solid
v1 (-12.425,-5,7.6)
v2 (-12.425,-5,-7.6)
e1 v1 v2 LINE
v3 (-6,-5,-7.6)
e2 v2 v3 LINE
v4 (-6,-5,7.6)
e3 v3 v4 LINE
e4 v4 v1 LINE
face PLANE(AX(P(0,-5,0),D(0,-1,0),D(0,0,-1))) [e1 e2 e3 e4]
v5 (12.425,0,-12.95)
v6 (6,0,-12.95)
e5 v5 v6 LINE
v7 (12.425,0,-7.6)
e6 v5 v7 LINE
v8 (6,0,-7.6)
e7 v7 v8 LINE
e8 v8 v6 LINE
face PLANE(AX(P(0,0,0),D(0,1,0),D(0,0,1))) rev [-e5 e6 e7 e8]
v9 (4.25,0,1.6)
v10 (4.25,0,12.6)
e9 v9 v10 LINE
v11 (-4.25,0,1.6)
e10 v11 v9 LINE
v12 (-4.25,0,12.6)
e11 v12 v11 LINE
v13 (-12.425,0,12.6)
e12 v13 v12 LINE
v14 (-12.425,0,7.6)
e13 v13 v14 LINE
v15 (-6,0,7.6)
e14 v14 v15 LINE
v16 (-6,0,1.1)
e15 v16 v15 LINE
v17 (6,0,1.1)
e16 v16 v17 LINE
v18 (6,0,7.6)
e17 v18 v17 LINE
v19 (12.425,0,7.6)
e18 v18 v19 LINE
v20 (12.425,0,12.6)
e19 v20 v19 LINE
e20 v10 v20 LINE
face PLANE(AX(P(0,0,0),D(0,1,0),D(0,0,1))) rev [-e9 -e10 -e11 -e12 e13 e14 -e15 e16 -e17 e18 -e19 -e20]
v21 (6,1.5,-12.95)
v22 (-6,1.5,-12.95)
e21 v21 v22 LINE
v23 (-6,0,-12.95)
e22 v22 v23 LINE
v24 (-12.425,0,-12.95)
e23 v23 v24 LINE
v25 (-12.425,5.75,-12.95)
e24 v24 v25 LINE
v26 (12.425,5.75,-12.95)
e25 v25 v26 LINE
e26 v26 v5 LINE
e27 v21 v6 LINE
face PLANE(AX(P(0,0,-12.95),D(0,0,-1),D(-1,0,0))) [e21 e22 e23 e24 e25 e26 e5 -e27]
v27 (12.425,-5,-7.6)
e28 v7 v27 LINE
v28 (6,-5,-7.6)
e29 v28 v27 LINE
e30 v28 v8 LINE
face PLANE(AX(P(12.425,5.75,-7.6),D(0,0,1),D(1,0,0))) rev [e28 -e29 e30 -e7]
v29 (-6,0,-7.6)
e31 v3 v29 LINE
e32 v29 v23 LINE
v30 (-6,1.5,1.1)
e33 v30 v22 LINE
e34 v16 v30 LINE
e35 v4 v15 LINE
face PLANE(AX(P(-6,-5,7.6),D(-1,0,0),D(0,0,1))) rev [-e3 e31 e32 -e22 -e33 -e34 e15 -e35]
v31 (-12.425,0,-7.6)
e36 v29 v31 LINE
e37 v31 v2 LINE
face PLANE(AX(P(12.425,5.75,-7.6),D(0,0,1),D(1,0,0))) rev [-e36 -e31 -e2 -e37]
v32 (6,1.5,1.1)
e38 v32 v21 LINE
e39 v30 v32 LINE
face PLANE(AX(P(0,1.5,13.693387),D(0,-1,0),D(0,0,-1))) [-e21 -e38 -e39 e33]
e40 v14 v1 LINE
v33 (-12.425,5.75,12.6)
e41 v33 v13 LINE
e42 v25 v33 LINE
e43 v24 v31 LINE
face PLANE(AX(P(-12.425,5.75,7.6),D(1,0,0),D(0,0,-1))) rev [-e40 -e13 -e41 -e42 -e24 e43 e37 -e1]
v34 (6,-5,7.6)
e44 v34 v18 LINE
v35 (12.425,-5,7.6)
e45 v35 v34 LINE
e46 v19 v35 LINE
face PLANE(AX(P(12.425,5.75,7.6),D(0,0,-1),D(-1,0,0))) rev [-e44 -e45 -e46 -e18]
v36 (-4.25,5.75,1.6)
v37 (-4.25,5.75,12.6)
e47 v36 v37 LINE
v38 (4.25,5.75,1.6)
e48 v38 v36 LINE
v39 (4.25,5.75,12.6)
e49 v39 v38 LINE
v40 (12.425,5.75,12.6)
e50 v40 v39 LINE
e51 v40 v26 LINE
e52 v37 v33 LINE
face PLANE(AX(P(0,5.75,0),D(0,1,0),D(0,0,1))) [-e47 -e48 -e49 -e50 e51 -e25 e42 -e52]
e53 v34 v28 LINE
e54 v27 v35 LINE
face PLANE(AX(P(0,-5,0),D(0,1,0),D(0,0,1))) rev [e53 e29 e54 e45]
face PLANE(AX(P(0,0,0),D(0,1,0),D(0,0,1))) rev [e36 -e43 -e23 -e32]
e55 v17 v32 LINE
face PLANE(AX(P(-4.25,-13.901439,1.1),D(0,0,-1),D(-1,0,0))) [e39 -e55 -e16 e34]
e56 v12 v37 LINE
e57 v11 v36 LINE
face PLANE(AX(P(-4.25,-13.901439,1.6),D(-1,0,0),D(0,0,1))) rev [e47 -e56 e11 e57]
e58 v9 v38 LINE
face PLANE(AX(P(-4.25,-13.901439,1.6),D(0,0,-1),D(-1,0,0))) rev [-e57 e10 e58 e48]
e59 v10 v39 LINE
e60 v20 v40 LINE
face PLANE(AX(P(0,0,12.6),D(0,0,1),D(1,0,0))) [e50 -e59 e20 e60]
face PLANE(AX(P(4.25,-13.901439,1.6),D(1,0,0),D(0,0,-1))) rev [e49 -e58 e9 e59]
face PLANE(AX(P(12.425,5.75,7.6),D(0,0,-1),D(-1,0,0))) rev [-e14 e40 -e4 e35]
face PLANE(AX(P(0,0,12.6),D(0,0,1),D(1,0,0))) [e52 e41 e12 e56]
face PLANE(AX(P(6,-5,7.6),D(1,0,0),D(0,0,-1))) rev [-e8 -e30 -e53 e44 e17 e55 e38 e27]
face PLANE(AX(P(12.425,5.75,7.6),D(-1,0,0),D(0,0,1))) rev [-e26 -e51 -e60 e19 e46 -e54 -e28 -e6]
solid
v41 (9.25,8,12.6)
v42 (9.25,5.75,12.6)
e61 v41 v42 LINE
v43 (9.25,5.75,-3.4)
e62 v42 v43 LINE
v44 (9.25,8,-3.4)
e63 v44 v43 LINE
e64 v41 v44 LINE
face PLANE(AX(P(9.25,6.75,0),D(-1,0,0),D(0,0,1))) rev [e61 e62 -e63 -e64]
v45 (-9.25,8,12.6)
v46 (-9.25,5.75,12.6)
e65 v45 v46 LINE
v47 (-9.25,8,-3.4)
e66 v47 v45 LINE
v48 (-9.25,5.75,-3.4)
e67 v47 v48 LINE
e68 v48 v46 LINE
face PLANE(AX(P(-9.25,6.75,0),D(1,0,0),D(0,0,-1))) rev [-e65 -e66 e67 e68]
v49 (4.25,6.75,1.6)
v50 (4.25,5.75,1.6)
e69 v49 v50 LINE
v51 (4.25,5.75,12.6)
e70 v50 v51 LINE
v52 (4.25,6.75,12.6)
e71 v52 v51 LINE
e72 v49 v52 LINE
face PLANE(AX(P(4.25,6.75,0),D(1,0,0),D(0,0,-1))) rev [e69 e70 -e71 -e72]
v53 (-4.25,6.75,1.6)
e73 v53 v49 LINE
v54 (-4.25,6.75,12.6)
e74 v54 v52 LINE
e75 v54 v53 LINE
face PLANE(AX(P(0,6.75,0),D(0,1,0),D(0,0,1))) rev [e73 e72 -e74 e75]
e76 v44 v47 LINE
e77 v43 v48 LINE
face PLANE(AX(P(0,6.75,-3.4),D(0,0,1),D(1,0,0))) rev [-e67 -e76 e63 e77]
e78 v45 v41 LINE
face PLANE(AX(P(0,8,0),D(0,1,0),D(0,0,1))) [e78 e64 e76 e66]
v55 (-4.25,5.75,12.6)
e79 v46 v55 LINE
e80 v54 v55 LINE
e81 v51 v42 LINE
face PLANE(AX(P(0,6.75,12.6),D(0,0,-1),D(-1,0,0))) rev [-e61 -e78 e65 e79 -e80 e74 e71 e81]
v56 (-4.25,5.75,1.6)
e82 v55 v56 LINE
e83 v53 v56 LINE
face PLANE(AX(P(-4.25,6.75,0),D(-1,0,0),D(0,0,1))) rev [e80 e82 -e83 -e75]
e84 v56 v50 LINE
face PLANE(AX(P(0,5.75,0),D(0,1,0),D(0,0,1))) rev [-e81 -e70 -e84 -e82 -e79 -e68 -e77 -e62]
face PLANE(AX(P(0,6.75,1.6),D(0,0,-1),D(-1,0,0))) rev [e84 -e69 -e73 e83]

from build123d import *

# Parameters (mm, degrees)
SKETCH1_W           = 24.85
SKETCH1_H           = 15.2
BOSS_EXTRUDE1_DEPTH = 5.75
SKETCH2_W           = 6.425
SKETCH2_H           = 15.2
BOSS_EXTRUDE2_DEPTH = 5
SKETCH3_W           = 24.85
SKETCH3_H           = 5.75
BOSS_EXTRUDE3_DEPTH = 5.35
SKETCH5_W           = 24.85
SKETCH5_H           = 5.75
BOSS_EXTRUDE4_DEPTH = 5
SKETCH6_W           = 8.5
SKETCH6_H           = 11
CUT_EXTRUDE2_DEPTH  = 5.75
SKETCH4_W           = 12
SKETCH4_H           = 1.5
CUT_EXTRUDE1_DEPTH  = 14.05
BOSS_EXTRUDE5_DEPTH = 1
SKETCH8_W           = 18.5
SKETCH8_H           = 16
BOSS_EXTRUDE6_DEPTH = 1.25


with BuildPart() as part:
    # Sketch1 → Boss-Extrude1 (new body)
    with BuildSketch(Plane(origin=(0, 0, 0), x_dir=(1, 0, 0), z_dir=(0, 1, 0))):
        Rectangle(SKETCH1_W, SKETCH1_H)
    extrude(amount=BOSS_EXTRUDE1_DEPTH)

    # Sketch2 → Boss-Extrude2 (add)
    with BuildSketch(Plane.XZ):
        with Locations((-9.2125, 0)):
            Rectangle(SKETCH2_W, SKETCH2_H)
        with Locations((9.2125, 0)):
            Rectangle(SKETCH2_W, SKETCH2_H)
    extrude(amount=BOSS_EXTRUDE2_DEPTH)

    # Sketch3 → Boss-Extrude3 (add)
    with BuildSketch(Plane(origin=(0, 0, -7.6), x_dir=(-1, 0, 0), z_dir=(0, 0, -1))):
        with Locations((0, 2.875)):
            Rectangle(SKETCH3_W, SKETCH3_H)
    extrude(amount=BOSS_EXTRUDE3_DEPTH)

    # Sketch5 → Boss-Extrude4 (add)
    with BuildSketch(Plane.XY.offset(7.6)):
        with Locations((0, 2.875)):
            Rectangle(SKETCH5_W, SKETCH5_H)
    extrude(amount=BOSS_EXTRUDE4_DEPTH)

    # Sketch6 → Cut-Extrude2 (cut)
    with BuildSketch(Plane(origin=(0, 5.75, 0), x_dir=(1, 0, 0), z_dir=(0, 1, 0))):
        with Locations((0, -7.1)):
            Rectangle(SKETCH6_W, SKETCH6_H)
    extrude(amount=-CUT_EXTRUDE2_DEPTH, mode=Mode.SUBTRACT)

    # Sketch4 → Cut-Extrude1 (cut)
    with BuildSketch(Plane(origin=(0, 0, -12.95), x_dir=(-1, 0, 0), z_dir=(0, 0, -1))):
        with Locations((0, 0.75)):
            Rectangle(SKETCH4_W, SKETCH4_H)
    extrude(amount=-CUT_EXTRUDE1_DEPTH, mode=Mode.SUBTRACT)


with BuildPart() as body_2:
    # Sketch7 → Boss-Extrude5 (new body)
    with BuildSketch(Plane(origin=(0, 5.75, 0), x_dir=(1, 0, 0), z_dir=(0, 1, 0))):
        Polygon((9.25, 3.4), (-9.25, 3.4), (-9.25, -12.6), (-4.25, -12.6), (-4.25, -1.6), (4.25, -1.6), (4.25, -12.6), (9.25, -12.6), align=None)
    extrude(amount=BOSS_EXTRUDE5_DEPTH)

    # Sketch8 → Boss-Extrude6 (add)
    with BuildSketch(Plane(origin=(0, 6.75, 0), x_dir=(1, 0, 0), z_dir=(0, 1, 0))):
        with Locations((0, -4.6)):
            Rectangle(SKETCH8_W, SKETCH8_H)
    extrude(amount=BOSS_EXTRUDE6_DEPTH)


solid = Compound([part.part, body_2.part])
